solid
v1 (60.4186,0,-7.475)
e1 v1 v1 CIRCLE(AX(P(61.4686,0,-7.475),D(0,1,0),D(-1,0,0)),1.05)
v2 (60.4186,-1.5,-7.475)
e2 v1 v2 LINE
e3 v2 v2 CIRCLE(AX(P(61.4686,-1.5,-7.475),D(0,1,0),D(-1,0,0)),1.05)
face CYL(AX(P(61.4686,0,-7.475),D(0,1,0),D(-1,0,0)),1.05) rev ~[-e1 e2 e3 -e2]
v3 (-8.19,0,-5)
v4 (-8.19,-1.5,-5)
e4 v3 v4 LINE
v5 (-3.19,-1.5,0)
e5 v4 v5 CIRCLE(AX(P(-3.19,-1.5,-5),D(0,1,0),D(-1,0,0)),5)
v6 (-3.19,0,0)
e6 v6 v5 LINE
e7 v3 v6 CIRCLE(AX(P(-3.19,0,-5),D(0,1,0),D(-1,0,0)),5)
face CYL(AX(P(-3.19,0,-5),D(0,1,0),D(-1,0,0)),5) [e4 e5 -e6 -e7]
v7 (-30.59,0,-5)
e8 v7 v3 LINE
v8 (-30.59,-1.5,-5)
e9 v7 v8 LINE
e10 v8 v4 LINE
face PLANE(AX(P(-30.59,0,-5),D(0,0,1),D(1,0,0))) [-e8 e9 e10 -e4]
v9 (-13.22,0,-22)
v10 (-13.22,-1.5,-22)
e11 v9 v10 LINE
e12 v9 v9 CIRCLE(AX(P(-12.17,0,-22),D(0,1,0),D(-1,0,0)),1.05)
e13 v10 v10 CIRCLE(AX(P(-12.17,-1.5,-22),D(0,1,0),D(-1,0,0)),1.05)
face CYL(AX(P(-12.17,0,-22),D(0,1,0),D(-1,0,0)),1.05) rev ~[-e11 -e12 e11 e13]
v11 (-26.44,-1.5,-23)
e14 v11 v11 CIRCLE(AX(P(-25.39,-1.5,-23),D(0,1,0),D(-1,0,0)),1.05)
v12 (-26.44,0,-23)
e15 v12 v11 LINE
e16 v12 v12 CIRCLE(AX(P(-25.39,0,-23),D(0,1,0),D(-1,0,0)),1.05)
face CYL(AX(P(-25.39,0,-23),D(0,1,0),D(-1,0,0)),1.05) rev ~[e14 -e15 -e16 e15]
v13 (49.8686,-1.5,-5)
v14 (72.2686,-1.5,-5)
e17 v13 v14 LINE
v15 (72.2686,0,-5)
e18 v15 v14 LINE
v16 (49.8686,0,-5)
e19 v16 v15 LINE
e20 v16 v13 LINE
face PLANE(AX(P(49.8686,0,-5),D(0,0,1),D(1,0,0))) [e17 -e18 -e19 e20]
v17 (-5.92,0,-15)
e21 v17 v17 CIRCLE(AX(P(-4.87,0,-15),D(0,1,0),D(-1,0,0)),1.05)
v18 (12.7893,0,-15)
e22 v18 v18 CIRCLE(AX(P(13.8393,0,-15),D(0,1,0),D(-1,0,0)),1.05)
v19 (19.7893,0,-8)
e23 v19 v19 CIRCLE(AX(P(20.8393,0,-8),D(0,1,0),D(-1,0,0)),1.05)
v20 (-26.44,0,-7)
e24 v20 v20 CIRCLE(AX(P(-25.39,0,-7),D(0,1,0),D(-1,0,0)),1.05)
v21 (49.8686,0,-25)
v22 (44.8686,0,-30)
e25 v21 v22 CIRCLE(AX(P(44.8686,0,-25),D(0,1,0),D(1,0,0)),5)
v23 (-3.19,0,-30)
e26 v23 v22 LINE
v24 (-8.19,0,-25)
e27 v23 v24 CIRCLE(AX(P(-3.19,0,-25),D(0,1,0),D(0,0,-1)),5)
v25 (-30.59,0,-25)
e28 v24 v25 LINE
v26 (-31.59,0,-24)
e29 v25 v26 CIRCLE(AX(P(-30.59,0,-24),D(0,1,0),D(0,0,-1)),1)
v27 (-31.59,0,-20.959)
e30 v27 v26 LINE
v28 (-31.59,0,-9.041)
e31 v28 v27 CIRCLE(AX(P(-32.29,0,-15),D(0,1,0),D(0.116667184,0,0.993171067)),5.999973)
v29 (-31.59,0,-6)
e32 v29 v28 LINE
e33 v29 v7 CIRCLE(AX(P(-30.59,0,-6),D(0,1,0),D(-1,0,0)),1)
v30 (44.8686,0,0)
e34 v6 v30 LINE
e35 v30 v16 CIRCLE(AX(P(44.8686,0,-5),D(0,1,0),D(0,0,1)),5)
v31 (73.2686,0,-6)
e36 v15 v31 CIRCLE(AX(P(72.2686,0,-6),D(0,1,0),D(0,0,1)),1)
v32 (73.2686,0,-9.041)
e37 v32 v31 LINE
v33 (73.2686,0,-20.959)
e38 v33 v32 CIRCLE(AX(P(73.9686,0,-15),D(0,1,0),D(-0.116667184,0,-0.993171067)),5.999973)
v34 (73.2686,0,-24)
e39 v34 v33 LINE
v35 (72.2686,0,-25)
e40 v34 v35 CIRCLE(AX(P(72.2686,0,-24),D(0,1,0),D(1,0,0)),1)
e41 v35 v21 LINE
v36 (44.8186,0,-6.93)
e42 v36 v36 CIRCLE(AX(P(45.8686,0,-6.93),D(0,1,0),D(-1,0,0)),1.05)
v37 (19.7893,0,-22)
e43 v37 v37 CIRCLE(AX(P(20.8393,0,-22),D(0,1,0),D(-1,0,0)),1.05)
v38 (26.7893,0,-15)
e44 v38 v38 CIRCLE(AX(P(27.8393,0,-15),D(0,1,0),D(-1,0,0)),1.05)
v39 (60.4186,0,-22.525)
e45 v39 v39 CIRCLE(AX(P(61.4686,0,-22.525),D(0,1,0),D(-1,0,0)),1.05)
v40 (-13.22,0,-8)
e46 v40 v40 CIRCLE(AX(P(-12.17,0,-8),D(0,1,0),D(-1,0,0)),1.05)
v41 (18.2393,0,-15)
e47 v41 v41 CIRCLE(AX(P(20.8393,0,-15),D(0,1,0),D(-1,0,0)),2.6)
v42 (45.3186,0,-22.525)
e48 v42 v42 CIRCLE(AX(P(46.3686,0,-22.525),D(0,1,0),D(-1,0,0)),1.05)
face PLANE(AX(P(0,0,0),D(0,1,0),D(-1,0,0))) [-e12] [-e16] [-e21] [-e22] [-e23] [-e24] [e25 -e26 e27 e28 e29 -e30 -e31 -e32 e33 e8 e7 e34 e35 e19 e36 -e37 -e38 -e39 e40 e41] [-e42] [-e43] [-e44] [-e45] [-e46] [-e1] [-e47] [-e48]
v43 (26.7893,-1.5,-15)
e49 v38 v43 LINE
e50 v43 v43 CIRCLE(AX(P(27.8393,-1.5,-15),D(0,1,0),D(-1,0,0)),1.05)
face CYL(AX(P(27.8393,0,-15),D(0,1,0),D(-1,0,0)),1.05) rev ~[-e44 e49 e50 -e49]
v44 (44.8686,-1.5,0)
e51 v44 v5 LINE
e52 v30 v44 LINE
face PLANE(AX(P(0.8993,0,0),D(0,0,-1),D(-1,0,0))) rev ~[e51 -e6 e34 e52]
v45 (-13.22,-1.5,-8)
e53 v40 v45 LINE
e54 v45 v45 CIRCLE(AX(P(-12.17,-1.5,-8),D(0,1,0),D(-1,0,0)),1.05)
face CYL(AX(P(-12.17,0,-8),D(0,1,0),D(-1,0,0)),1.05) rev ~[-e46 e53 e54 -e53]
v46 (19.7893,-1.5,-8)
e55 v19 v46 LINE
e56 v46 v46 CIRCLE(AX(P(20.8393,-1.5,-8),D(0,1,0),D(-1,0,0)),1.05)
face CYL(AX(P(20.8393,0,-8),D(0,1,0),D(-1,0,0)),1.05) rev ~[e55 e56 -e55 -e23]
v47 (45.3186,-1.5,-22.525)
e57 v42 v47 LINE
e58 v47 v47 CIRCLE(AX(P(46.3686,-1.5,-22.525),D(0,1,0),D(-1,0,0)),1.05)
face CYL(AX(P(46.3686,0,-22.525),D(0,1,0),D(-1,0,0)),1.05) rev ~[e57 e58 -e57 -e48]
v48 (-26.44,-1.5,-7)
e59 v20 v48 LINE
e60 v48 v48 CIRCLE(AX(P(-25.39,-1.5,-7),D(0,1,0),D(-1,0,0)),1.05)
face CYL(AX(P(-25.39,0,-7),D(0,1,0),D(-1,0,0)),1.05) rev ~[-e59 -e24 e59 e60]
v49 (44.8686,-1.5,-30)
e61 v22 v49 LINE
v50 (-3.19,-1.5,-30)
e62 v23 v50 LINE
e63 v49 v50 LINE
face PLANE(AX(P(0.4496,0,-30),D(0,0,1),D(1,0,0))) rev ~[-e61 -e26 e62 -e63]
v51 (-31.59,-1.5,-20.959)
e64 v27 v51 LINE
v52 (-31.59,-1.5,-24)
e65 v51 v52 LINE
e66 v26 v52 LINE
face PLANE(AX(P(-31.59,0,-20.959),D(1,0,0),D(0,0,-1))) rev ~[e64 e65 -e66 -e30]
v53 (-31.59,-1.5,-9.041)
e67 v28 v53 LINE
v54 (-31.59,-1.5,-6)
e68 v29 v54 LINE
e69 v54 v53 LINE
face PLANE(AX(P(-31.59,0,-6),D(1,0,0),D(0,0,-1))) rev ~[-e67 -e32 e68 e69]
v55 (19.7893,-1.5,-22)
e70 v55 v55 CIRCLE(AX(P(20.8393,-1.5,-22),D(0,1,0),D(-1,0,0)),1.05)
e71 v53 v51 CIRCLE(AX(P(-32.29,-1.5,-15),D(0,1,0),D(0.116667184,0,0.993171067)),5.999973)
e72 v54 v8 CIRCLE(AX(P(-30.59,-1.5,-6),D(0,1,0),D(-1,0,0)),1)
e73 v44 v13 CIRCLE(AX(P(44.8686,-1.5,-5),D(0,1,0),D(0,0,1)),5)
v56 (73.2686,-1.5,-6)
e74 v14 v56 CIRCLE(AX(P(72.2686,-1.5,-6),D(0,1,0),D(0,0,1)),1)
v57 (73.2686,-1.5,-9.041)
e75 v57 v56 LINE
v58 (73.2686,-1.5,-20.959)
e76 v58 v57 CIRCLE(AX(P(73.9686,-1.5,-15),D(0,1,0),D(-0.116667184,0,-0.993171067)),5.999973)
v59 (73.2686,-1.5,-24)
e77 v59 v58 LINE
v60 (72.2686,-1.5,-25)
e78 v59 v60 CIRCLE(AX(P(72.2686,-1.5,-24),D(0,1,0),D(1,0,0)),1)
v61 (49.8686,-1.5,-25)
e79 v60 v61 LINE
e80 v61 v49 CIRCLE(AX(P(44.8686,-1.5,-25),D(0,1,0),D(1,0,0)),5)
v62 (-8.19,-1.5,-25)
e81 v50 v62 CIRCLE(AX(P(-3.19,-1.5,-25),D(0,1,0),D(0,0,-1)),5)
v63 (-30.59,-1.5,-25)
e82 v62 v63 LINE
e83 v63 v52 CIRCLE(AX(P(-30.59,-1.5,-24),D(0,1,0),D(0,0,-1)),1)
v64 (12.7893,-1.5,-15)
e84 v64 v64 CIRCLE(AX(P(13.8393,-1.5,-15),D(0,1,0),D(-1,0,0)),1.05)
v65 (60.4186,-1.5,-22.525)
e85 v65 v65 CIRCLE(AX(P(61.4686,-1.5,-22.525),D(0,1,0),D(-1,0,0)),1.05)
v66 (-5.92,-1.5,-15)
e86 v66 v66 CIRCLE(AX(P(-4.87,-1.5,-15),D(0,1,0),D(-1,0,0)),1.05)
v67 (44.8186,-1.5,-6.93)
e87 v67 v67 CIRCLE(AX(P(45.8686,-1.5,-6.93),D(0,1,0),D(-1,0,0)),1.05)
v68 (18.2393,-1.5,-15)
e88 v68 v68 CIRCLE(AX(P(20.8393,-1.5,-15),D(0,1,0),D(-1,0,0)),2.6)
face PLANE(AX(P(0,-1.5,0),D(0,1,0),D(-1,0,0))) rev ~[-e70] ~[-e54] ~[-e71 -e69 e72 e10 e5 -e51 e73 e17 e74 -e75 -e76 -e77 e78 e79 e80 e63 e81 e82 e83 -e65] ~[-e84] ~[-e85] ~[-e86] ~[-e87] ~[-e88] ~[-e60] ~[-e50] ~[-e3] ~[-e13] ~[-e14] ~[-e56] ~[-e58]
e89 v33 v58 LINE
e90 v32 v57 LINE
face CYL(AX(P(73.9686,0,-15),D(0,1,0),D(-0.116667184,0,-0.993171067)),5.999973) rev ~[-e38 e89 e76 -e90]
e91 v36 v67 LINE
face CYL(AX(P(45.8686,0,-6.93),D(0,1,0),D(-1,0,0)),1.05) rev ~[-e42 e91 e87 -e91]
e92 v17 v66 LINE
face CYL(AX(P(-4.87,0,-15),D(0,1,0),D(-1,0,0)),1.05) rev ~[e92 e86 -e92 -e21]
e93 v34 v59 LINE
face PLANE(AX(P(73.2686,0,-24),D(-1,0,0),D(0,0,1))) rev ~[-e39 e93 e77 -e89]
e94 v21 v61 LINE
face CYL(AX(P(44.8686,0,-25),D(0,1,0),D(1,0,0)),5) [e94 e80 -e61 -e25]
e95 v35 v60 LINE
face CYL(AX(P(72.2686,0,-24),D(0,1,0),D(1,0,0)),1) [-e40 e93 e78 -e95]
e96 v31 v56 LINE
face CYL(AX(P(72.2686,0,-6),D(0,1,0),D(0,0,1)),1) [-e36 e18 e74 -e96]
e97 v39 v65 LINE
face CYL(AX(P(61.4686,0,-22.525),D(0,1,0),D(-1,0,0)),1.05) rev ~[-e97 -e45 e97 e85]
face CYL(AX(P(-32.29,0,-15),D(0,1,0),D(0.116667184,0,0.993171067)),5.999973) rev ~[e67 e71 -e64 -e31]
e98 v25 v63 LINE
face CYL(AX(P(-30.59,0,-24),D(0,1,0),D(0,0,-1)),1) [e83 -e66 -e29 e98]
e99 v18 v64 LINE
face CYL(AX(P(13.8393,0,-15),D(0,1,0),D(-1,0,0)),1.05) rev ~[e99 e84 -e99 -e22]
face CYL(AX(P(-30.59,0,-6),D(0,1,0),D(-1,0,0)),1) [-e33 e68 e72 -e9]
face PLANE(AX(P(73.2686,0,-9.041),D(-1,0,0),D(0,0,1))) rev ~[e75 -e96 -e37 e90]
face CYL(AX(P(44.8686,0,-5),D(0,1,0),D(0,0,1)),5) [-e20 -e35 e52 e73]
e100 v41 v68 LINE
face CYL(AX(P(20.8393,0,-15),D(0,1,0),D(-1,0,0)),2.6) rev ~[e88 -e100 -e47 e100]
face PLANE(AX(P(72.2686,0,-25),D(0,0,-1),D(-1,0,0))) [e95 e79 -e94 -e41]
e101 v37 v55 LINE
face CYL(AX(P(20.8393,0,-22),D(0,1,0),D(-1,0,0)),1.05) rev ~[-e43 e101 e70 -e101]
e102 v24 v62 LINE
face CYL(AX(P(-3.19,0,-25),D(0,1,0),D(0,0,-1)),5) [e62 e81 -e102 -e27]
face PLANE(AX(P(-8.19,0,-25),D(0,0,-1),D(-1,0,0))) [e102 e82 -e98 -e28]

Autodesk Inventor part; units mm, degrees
ref_plane "YZ Plane" through (0, 0, 0) normal (1, 0, 0) x (0, 1, 0)
ref_plane "XZ Plane" through (0, 0, 0) normal (0, 1, 0) x (-1, 0, 0)
ref_plane "XY Plane" through (0, 0, 0) normal (0, 0, 1) x (1, 0, 0)
sketch "Sketch1" plane through (0, 0, 0) normal (0, 1, 0) x (-1, 0, 0)
  line L0 (-0.4496, -30) -> (-0.4496, 0)
  line L1 (-41.2289, 0) -> (-41.2289, -30)
  circle A0 centre (-20.8393, -15) radius 2.6
  circle A1 centre (-61.4686, -7.475) radius 1.05
  circle A2 centre (-61.4686, -22.525) radius 1.05
  circle A3 centre (-45.8686, -6.93) radius 1.05
  circle A4 centre (-46.3686, -22.525) radius 1.05
  circle A5 centre (4.87, -15) radius 1.05
  circle A6 centre (12.17, -8) radius 1.05
  circle A7 centre (25.39, -7) radius 1.05
  circle A8 centre (12.17, -22) radius 1.05
  circle A9 centre (25.39, -23) radius 1.05
  circle A10 centre (-27.8393, -15) radius 1.05
  circle A11 centre (-20.8393, -8) radius 1.05
  circle A12 centre (-20.8393, -22) radius 1.05
  circle A13 centre (-13.8393, -15) radius 1.05
  arc A14 (-72.2686, -5) -> (-73.2686, -6) centre (-72.2686, -6) ccw
  line L2 (-73.2686, -9.041) -> (-73.2686, -6)
  arc A15 (31.59, -6) -> (30.59, -5) centre (30.59, -6) ccw
  line L3 (31.59, -6) -> (31.59, -9.041)
  arc A16 (30.59, -25) -> (31.59, -24) centre (30.59, -24) ccw
  line L4 (8.19, -25) -> (30.59, -25)
  arc A17 (-73.2686, -24) -> (-72.2686, -25) centre (-72.2686, -24) ccw
  line L5 (-73.2686, -24) -> (-73.2686, -20.959)
  arc A18 (-73.2686, -20.959) -> (-73.2686, -9.041) centre (-73.9686, -15) ccw
  line L6 (-72.2686, -25) -> (-49.8686, -25)
  arc A19 (-49.8686, -25) -> (-44.8686, -30) centre (-44.8686, -25) ccw
  line L7 (3.19, -30) -> (-44.8686, -30)
  arc A20 (3.19, -30) -> (8.19, -25) centre (3.19, -25) ccw
  line L8 (31.59, -20.959) -> (31.59, -24)
  arc A21 (31.59, -9.041) -> (31.59, -20.959) centre (32.29, -15) ccw
  line L9 (30.59, -5) -> (8.19, -5)
  arc A22 (8.19, -5) -> (3.19, 0) centre (3.19, -5) ccw
  line L10 (-44.8686, 0) -> (3.19, 0)
  arc A23 (-44.8686, 0) -> (-49.8686, -5) centre (-44.8686, -5) ccw
  line L11 (-49.8686, -5) -> (-72.2686, -5)
  line L12 (-41.6786, -30) -> (-41.6786, 0)
  line L13 (-40.7793, 0) -> (-40.7793, -30)
  line L14 (-0.8993, -30) -> (-0.8993, 0)
  line L15 (0, 0) -> (0, -30)
extrude "Extrusion1" add sketch "Sketch1" against normal blind 1.5
properties part number "axis_19_top_frame"
